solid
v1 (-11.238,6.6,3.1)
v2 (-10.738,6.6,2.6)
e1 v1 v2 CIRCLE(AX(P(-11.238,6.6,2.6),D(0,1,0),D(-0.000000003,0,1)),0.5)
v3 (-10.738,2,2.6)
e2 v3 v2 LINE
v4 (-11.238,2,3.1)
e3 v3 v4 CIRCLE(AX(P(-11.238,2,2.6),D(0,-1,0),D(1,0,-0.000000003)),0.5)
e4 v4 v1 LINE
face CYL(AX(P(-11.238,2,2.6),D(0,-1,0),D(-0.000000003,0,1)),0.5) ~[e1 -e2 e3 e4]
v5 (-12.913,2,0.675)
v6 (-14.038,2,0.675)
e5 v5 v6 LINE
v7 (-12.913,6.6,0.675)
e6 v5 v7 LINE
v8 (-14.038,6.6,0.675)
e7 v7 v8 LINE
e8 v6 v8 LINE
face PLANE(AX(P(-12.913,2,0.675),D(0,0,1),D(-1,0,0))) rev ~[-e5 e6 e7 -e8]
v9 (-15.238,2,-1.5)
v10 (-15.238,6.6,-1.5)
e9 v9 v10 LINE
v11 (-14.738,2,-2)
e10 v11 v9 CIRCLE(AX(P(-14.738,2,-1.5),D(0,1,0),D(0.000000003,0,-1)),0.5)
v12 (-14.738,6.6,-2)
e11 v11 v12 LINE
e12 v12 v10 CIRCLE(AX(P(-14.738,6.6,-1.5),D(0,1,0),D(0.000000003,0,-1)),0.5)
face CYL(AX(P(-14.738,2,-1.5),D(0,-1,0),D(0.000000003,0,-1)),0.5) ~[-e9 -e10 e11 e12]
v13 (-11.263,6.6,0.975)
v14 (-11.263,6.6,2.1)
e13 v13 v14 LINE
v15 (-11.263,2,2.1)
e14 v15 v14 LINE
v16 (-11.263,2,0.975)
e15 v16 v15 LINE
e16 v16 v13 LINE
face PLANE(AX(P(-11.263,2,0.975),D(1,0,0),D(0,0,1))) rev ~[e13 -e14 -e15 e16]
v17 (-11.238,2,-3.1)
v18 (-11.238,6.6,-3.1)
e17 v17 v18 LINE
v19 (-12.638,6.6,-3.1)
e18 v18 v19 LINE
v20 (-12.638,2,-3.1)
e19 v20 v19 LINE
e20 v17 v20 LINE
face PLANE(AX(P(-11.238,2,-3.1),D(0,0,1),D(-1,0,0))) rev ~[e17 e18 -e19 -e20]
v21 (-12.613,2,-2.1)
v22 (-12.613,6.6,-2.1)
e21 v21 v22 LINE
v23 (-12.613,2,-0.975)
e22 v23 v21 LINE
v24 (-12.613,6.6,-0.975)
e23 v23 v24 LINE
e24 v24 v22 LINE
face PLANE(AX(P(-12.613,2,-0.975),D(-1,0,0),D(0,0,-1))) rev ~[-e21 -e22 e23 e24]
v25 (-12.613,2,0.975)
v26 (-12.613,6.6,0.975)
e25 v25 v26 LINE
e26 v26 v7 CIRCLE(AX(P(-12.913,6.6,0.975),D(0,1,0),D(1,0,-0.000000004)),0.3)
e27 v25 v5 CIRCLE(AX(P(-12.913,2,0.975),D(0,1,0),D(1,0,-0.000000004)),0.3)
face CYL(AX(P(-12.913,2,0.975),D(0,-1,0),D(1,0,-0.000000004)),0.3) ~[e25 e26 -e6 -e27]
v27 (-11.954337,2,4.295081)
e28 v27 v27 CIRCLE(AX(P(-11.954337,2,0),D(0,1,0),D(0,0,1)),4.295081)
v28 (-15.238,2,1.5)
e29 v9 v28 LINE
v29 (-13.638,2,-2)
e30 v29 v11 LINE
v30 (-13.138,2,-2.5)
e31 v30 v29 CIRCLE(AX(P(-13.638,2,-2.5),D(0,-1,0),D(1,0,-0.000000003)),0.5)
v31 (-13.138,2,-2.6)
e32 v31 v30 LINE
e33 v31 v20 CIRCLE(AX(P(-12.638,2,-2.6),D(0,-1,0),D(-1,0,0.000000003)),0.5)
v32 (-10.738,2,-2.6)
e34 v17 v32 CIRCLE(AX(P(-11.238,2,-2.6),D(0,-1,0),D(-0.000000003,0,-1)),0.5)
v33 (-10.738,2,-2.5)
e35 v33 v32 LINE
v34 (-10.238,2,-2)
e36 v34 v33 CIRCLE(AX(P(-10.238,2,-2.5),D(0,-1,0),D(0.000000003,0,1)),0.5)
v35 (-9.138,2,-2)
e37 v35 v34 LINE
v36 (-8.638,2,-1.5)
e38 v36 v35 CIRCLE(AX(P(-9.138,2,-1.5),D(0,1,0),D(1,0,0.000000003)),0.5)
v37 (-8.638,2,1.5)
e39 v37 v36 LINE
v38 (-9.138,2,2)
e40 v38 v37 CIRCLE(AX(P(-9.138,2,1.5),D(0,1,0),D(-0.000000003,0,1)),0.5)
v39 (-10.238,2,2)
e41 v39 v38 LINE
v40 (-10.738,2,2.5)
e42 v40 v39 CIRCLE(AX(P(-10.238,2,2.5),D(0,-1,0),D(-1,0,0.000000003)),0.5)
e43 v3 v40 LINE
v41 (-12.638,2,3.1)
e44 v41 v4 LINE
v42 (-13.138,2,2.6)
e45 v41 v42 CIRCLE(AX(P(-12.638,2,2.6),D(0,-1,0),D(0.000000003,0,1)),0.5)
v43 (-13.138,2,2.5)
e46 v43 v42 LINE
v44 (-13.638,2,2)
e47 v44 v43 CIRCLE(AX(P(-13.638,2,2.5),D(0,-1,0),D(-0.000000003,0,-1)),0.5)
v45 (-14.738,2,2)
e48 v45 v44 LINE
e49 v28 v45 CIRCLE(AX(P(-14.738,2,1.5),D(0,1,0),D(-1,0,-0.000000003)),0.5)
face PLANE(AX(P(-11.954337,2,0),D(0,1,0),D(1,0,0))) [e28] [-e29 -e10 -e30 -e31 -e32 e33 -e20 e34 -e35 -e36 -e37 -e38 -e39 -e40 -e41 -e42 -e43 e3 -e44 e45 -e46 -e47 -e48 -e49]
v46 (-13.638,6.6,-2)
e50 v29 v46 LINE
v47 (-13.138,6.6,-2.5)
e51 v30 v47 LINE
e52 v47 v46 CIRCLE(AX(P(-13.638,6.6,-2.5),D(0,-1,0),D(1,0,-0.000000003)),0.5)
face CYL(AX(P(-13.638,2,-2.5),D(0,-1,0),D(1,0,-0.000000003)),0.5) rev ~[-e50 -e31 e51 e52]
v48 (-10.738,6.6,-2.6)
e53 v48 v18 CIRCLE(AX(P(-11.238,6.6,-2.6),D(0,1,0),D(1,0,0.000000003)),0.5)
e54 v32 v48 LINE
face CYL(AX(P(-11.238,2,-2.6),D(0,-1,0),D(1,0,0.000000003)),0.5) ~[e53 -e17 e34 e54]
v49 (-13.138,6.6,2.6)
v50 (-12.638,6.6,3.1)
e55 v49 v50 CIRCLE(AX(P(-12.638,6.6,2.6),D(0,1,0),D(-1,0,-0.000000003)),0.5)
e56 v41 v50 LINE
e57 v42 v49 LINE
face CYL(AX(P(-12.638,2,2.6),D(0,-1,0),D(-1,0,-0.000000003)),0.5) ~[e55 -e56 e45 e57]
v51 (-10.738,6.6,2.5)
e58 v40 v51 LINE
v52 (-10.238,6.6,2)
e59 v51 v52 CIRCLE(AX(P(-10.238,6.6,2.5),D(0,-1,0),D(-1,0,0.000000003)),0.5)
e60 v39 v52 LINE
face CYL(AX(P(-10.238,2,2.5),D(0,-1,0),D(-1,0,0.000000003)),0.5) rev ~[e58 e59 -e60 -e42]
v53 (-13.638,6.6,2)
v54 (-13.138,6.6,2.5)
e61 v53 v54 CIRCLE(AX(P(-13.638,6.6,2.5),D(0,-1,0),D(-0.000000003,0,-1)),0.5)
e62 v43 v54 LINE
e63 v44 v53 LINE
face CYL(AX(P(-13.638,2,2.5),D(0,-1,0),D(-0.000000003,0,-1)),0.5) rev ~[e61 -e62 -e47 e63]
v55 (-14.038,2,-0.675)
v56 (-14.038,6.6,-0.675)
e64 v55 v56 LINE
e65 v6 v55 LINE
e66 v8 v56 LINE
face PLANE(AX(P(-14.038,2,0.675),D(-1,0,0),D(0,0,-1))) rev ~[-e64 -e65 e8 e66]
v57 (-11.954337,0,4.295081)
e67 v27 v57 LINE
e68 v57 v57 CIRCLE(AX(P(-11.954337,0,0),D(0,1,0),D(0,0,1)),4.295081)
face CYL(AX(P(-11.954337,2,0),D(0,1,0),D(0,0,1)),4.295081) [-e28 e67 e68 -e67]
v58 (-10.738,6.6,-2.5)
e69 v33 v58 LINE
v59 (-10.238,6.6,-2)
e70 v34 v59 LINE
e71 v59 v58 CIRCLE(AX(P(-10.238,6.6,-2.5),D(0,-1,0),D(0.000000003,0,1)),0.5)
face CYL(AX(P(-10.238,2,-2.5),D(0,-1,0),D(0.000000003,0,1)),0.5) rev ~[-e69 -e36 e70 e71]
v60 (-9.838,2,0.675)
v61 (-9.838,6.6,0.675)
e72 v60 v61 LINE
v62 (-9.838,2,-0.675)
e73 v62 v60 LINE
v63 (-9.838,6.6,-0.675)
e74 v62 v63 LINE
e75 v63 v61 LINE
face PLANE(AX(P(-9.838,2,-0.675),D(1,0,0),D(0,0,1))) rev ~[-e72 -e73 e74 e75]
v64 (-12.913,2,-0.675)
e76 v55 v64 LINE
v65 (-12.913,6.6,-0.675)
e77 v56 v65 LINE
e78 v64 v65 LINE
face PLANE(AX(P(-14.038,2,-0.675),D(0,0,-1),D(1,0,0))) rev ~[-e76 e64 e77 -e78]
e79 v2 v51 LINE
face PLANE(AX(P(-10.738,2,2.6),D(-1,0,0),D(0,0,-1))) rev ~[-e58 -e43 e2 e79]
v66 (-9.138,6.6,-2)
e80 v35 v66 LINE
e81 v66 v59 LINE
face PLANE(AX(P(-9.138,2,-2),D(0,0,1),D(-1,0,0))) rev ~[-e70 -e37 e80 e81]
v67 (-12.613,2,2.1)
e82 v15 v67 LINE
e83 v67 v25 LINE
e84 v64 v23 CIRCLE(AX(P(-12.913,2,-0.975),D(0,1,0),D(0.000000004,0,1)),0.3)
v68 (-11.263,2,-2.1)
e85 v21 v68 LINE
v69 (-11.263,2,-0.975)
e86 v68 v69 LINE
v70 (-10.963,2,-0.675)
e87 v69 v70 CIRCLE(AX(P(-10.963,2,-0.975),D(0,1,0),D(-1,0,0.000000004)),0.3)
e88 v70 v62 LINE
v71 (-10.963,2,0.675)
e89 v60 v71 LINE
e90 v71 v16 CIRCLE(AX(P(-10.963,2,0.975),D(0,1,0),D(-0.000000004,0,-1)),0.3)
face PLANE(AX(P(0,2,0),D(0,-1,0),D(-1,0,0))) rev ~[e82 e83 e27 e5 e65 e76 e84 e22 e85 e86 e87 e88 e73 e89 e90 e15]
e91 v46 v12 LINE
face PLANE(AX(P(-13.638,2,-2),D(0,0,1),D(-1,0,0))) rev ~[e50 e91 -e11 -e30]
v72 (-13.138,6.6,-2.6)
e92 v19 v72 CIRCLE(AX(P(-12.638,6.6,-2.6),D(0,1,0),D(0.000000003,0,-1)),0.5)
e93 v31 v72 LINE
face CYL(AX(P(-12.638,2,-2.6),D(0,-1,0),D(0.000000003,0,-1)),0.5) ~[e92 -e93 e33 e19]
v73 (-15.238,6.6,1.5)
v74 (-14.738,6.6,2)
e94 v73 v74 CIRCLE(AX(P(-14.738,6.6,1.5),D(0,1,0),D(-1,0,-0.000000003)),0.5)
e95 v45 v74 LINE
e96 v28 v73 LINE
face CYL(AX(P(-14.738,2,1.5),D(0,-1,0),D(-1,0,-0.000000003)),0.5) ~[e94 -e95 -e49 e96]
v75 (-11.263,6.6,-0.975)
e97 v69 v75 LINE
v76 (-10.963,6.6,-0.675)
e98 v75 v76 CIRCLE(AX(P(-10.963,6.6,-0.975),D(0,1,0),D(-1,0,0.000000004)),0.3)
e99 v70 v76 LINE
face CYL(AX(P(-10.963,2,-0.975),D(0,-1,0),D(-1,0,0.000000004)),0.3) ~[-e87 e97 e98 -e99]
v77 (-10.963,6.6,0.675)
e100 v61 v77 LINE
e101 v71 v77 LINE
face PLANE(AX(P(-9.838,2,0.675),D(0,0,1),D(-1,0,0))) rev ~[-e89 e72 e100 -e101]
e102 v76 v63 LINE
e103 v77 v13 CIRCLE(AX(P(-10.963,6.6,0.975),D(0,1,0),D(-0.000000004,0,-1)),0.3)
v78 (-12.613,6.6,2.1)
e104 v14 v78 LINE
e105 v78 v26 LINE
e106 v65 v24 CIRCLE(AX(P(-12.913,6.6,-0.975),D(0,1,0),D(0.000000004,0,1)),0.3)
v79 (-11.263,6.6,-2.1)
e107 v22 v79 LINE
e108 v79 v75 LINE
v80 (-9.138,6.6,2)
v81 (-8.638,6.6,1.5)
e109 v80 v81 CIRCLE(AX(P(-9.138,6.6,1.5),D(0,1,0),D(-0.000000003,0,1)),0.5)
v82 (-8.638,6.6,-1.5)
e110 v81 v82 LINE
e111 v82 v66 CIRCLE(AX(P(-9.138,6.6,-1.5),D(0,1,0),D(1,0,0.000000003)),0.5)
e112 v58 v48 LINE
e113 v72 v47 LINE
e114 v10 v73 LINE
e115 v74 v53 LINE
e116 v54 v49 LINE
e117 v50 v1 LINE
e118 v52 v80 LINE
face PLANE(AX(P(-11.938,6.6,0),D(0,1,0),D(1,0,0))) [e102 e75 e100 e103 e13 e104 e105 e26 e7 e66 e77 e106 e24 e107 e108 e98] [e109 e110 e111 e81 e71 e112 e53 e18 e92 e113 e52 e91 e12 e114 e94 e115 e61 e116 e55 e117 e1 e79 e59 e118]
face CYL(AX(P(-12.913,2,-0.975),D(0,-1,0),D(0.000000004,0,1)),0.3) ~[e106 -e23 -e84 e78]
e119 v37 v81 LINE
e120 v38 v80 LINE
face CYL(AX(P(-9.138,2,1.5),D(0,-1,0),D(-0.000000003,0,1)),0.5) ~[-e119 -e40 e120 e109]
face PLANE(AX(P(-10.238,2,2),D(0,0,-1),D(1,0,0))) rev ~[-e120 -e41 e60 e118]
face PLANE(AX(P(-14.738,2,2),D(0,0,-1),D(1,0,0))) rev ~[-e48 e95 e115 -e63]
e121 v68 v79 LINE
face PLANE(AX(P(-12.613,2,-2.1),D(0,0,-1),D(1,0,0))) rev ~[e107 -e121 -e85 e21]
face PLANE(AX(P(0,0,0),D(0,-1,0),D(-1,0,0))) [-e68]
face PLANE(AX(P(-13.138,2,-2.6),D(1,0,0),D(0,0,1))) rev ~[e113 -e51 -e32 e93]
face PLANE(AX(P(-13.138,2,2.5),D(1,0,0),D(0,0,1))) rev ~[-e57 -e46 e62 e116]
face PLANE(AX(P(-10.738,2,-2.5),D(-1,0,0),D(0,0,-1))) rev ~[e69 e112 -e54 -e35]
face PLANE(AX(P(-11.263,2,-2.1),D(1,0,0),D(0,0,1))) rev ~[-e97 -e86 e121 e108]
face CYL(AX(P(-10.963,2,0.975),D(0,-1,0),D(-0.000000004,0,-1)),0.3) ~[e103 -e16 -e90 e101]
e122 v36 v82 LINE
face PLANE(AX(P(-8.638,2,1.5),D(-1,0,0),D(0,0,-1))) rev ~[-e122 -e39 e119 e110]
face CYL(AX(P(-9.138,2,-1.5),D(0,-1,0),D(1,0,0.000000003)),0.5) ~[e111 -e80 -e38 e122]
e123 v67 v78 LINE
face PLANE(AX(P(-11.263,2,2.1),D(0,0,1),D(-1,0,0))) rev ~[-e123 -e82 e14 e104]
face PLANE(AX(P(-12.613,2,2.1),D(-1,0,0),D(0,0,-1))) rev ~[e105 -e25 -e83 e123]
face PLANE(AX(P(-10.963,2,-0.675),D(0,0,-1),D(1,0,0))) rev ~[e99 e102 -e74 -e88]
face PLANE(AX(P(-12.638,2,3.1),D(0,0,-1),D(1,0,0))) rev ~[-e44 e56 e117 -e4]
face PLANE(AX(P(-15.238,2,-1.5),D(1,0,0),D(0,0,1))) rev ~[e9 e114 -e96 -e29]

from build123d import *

# Parameters (mm, degrees)
BUTTON_TOP_DEPTH        = 1.8
BUTTON_WALLS_DEPTH      = 4.8
OFFSET_2_DEPTH          = 0.2
STEM_START              = 0.2
STEM_HOUSING_DEPTH      = 4.6
SPOKES_DEPTH            = 0.2
CHAMFER1_SIZE           = 1.5
SKETCH11_R              = 47.776797093
SKETCH11_R_2            = 4.295081168
CUT_EXTRUDE1_DEPTH      = 10
CUT_EXTRUDE1_DEPTH_BACK = 10


with BuildPart() as part:
    # Sketch1 → button top (new body)
    with BuildSketch(Plane(origin=(0, 0, 0), x_dir=(1, 0, 0), z_dir=(0, 1, 0))):
        with BuildLine():
            Line((17, -12), (-17, -12))
            ThreePointArc((-17, -12), (-29, 0), (-17, 12))
            Line((-17, 12), (17, 12))
            ThreePointArc((17, 12), (29, 0), (17, -12))
        make_face()
    extrude(amount=BUTTON_TOP_DEPTH)

    # Sketch2 → button walls (add)
    with BuildSketch(Plane(origin=(0, 1.8, 0), x_dir=(1, 0, 0), z_dir=(0, 1, 0))):
        with BuildLine():
            Line((-17, 12), (17, 12))
            ThreePointArc((17, 12), (29, 0), (17, -12))
            Line((17, -12), (-17, -12))
            ThreePointArc((-17, -12), (-29, 0), (-17, 12))
        make_face()
        with BuildLine():
            Line((-17, 10.2), (17, 10.2))
            ThreePointArc((17, 10.2), (27.2, 0), (17, -10.2))
            Line((17, -10.2), (-17, -10.2))
            ThreePointArc((-17, -10.2), (-27.2, 0), (-17, 10.2))
        make_face(mode=Mode.SUBTRACT)
    extrude(amount=BUTTON_WALLS_DEPTH)

    # Sketch5 → offset 2 (add)
    with BuildSketch(Plane(origin=(0, 1.8, 0), x_dir=(1, 0, 0), z_dir=(0, 1, 0))):
        with BuildLine():
            Line((-12, 5), (12, 5))
            ThreePointArc((12, 5), (17, 0), (12, -5))
            Line((12, -5), (-12, -5))
            ThreePointArc((-12, -5), (-17, 0), (-12, 5))
        make_face()
    extrude(amount=OFFSET_2_DEPTH)

    # Sketch3 → stem housing (add)
    with BuildSketch(Plane(origin=(0, 1.8, 0), x_dir=(1, 0, 0), z_dir=(0, 1, 0)).offset(STEM_START)):
        with BuildLine():
            Line((-3.6, 2.6), (-3.6, -2.6))
            Line((-3.6, -2.6), (-1.496662955, -2.6))
            ThreePointArc((-1.496662955, -2.6), (0, -3), (1.496662955, -2.6))
            Line((1.496662955, -2.6), (3.6, -2.6))
            Line((3.6, -2.6), (3.6, 2.6))
            Line((3.6, 2.6), (1.496662955, 2.6))
            ThreePointArc((1.496662955, 2.6), (0, 3), (-1.496662955, 2.6))
            Line((-1.496662955, 2.6), (-3.6, 2.6))
        make_face()
        with BuildLine():
            Line((-0.675, 0.975), (-0.675, 2.1))
            Line((-0.675, 2.1), (0.675, 2.1))
            Line((0.675, 2.1), (0.675, 0.975))
            ThreePointArc((0.675, 0.975), (0.762867966, 0.762867966), (0.975, 0.675))
            Line((0.975, 0.675), (2.1, 0.675))
            Line((2.1, 0.675), (2.1, -0.675))
            Line((2.1, -0.675), (0.975, -0.675))
            ThreePointArc((0.975, -0.675), (0.762867966, -0.762867966), (0.675, -0.975))
            Line((0.675, -0.975), (0.675, -2.1))
            Line((0.675, -2.1), (-0.675, -2.1))
            Line((-0.675, -2.1), (-0.675, -0.975))
            ThreePointArc((-0.675, -0.975), (-0.762867966, -0.762867966), (-0.975, -0.675))
            Line((-0.975, -0.675), (-2.1, -0.675))
            Line((-2.1, -0.675), (-2.1, 0.675))
            Line((-2.1, 0.675), (-0.975, 0.675))
            ThreePointArc((-0.975, 0.675), (-0.762867966, 0.762867966), (-0.675, 0.975))
        make_face(mode=Mode.SUBTRACT)
        with BuildLine():
            ThreePointArc((14.738, -2), (15.091553391, -1.853553391), (15.238, -1.5))
            Line((15.238, -1.5), (15.238, 1.5))
            ThreePointArc((15.238, 1.5), (15.091553391, 1.853553391), (14.738, 2))
            Line((14.738, 2), (13.638, 2))
            ThreePointArc((13.638, 2), (13.284446609, 2.146446609), (13.138, 2.5))
            Line((13.138, 2.5), (13.138, 2.6))
            ThreePointArc((13.138, 2.6), (12.991553391, 2.953553391), (12.638, 3.1))
            Line((12.638, 3.1), (11.238, 3.1))
            ThreePointArc((11.238, 3.1), (10.884446609, 2.953553391), (10.738, 2.6))
            Line((10.738, 2.6), (10.738, 2.5))
            ThreePointArc((10.738, 2.5), (10.591553391, 2.146446609), (10.238, 2))
            Line((10.238, 2), (9.138, 2))
            ThreePointArc((9.138, 2), (8.784446609, 1.853553391), (8.638, 1.5))
            Line((8.638, 1.5), (8.638, -1.5))
            ThreePointArc((8.638, -1.5), (8.784446609, -1.853553391), (9.138, -2))
            Line((9.138, -2), (10.238, -2))
            ThreePointArc((10.238, -2), (10.591553391, -2.146446609), (10.738, -2.5))
            Line((10.738, -2.5), (10.738, -2.6))
            ThreePointArc((10.738, -2.6), (10.884446609, -2.953553391), (11.238, -3.1))
            Line((11.238, -3.1), (12.638, -3.1))
            ThreePointArc((12.638, -3.1), (12.991553391, -2.953553391), (13.138, -2.6))
            Line((13.138, -2.6), (13.138, -2.5))
            ThreePointArc((13.138, -2.5), (13.284446609, -2.146446609), (13.638, -2))
            Line((13.638, -2), (14.738, -2))
        make_face()
        with BuildLine():
            Line((14.038, 0.675), (14.038, -0.675))
            Line((14.038, -0.675), (12.913, -0.675))
            ThreePointArc((12.913, -0.675), (12.700867966, -0.762867966), (12.613, -0.975))
            Line((12.613, -0.975), (12.613, -2.1))
            Line((12.613, -2.1), (11.263, -2.1))
            Line((11.263, -2.1), (11.263, -0.975))
            ThreePointArc((11.263, -0.975), (11.175132034, -0.762867966), (10.963, -0.675))
            Line((10.963, -0.675), (9.838, -0.675))
            Line((9.838, -0.675), (9.838, 0.675))
            Line((9.838, 0.675), (10.963, 0.675))
            ThreePointArc((10.963, 0.675), (11.175132034, 0.762867966), (11.263, 0.975))
            Line((11.263, 0.975), (11.263, 2.1))
            Line((11.263, 2.1), (12.613, 2.1))
            Line((12.613, 2.1), (12.613, 0.975))
            ThreePointArc((12.613, 0.975), (12.700867966, 0.762867966), (12.913, 0.675))
            Line((12.913, 0.675), (14.038, 0.675))
        make_face(mode=Mode.SUBTRACT)
        with BuildLine():
            Line((-13.138, 2.6), (-13.138, 2.5))
            ThreePointArc((-13.138, 2.5), (-13.284446609, 2.146446609), (-13.638, 2))
            Line((-13.638, 2), (-14.738, 2))
            ThreePointArc((-14.738, 2), (-15.091553391, 1.853553391), (-15.238, 1.5))
            Line((-15.238, 1.5), (-15.238, -1.5))
            ThreePointArc((-15.238, -1.5), (-15.091553391, -1.853553391), (-14.738, -2))
            Line((-14.738, -2), (-13.638, -2))
            ThreePointArc((-13.638, -2), (-13.284446609, -2.146446609), (-13.138, -2.5))
            Line((-13.138, -2.5), (-13.138, -2.6))
            ThreePointArc((-13.138, -2.6), (-12.991553391, -2.953553391), (-12.638, -3.1))
            Line((-12.638, -3.1), (-11.238, -3.1))
            ThreePointArc((-11.238, -3.1), (-10.884446609, -2.953553391), (-10.738, -2.6))
            Line((-10.738, -2.6), (-10.738, -2.5))
            ThreePointArc((-10.738, -2.5), (-10.591553391, -2.146446609), (-10.238, -2))
            Line((-10.238, -2), (-9.138, -2))
            ThreePointArc((-9.138, -2), (-8.784446609, -1.853553391), (-8.638, -1.5))
            Line((-8.638, -1.5), (-8.638, 1.5))
            ThreePointArc((-8.638, 1.5), (-8.784446609, 1.853553391), (-9.138, 2))
            Line((-9.138, 2), (-10.238, 2))
            ThreePointArc((-10.238, 2), (-10.591553391, 2.146446609), (-10.738, 2.5))
            Line((-10.738, 2.5), (-10.738, 2.6))
            ThreePointArc((-10.738, 2.6), (-10.884446609, 2.953553391), (-11.238, 3.1))
            Line((-11.238, 3.1), (-12.638, 3.1))
            ThreePointArc((-12.638, 3.1), (-12.991553391, 2.953553391), (-13.138, 2.6))
        make_face()
        with BuildLine():
            ThreePointArc((-12.913, 0.675), (-12.700867966, 0.762867966), (-12.613, 0.975))
            Line((-12.613, 0.975), (-12.613, 2.1))
            Line((-12.613, 2.1), (-11.263, 2.1))
            Line((-11.263, 2.1), (-11.263, 0.975))
            ThreePointArc((-11.263, 0.975), (-11.175132034, 0.762867966), (-10.963, 0.675))
            Line((-10.963, 0.675), (-9.838, 0.675))
            Line((-9.838, 0.675), (-9.838, -0.675))
            Line((-9.838, -0.675), (-10.963, -0.675))
            ThreePointArc((-10.963, -0.675), (-11.175132034, -0.762867966), (-11.263, -0.975))
            Line((-11.263, -0.975), (-11.263, -2.1))
            Line((-11.263, -2.1), (-12.613, -2.1))
            Line((-12.613, -2.1), (-12.613, -0.975))
            ThreePointArc((-12.613, -0.975), (-12.700867966, -0.762867966), (-12.913, -0.675))
            Line((-12.913, -0.675), (-14.038, -0.675))
            Line((-14.038, -0.675), (-14.038, 0.675))
            Line((-14.038, 0.675), (-12.913, 0.675))
        make_face(mode=Mode.SUBTRACT)
    extrude(amount=STEM_HOUSING_DEPTH)

    # Sketch4 → spokes (add)
    with BuildSketch(Plane(origin=(0, 1.8, 0), x_dir=(1, 0, 0), z_dir=(0, 1, 0))):
        with BuildLine():
            Line((-0.8, 3), (-0.8, 10.2))
            ThreePointArc((-0.8, 10.2), (0, 11), (0.8, 10.2))
            Line((0.8, 10.2), (0.8, 3))
            ThreePointArc((0.8, 3), (0, 2.2), (-0.8, 3))
        make_face()
        with BuildLine():
            Line((17, -0.8), (27.2, -0.8))
            ThreePointArc((27.2, -0.8), (28, 0), (27.2, 0.8))
            Line((27.2, 0.8), (17, 0.8))
            ThreePointArc((17, 0.8), (16.2, 0), (17, -0.8))
        make_face()
        with BuildLine():
            Line((11.2, 3.1), (11.2, 10.2))
            ThreePointArc((11.2, 10.2), (12, 11), (12.8, 10.2))
            Line((12.8, 10.2), (12.8, 3.1))
            ThreePointArc((12.8, 3.1), (12, 2.3), (11.2, 3.1))
        make_face()
        with BuildLine():
            Line((-12.8, 3.1), (-12.8, 10.2))
            ThreePointArc((-12.8, 10.2), (-12, 11), (-11.2, 10.2))
            Line((-11.2, 10.2), (-11.2, 3.1))
            ThreePointArc((-11.2, 3.1), (-12, 2.3), (-12.8, 3.1))
        make_face()
        with BuildLine():
            Line((-17, -0.8), (-27.2, -0.8))
            ThreePointArc((-27.2, -0.8), (-28, 0), (-27.2, 0.8))
            Line((-27.2, 0.8), (-17, 0.8))
            ThreePointArc((-17, 0.8), (-16.2, 0), (-17, -0.8))
        make_face()
        with BuildLine():
            Line((-0.8, -3), (-0.8, -10.2))
            ThreePointArc((-0.8, -10.2), (0, -11), (0.8, -10.2))
            Line((0.8, -10.2), (0.8, -3))
            ThreePointArc((0.8, -3), (0, -2.2), (-0.8, -3))
        make_face()
        with BuildLine():
            Line((11.2, -3.1), (11.2, -10.2))
            ThreePointArc((11.2, -10.2), (12, -11), (12.8, -10.2))
            Line((12.8, -10.2), (12.8, -3.1))
            ThreePointArc((12.8, -3.1), (12, -2.3), (11.2, -3.1))
        make_face()
        with BuildLine():
            Line((-12.8, -3.1), (-12.8, -10.2))
            ThreePointArc((-12.8, -10.2), (-12, -11), (-11.2, -10.2))
            Line((-11.2, -10.2), (-11.2, -3.1))
            ThreePointArc((-11.2, -3.1), (-12, -2.3), (-12.8, -3.1))
        make_face()
    extrude(amount=SPOKES_DEPTH)

    # Chamfer1
    chamfer1_edges = [part.edges().sort_by_distance(p)[0] for p in [
        (-27.2, 6.6, 0),
        (0, 6.6, 10.2),
        (27.2, 6.6, 0),
        (0, 6.6, -10.2),
    ]]
    chamfer(chamfer1_edges, length=CHAMFER1_SIZE)

    # Cut-Sweep1: sweep along a path in Sketch10
    with BuildLine(Plane.XZ) as cut_sweep1_path:
        Line((-17, 12), (17, 12))
        ThreePointArc((17, 12), (29, 0), (17, -12))
        Line((17, -12), (-17, -12))
        ThreePointArc((-17, -12), (-29, 0), (-17, 12))
    # Sketch6 → Cut-Sweep1 (sweep, cut)
    with BuildSketch(Plane.XY):
        with BuildLine():
            Line((-28.261522369, 0), (-28.461522369, 0.2))
            ThreePointArc((-28.461522369, 0.2), (-28.860054223, 0.79644507), (-29, 1.5))
            Line((-29, 1.5), (-29, 0))
            Line((-29, 0), (-28.261522369, 0))
        make_face()
    sweep(path=cut_sweep1_path.line, mode=Mode.SUBTRACT)

    # Sketch11 → Cut-Extrude1 (cut, two sides)
    with BuildSketch(Plane(origin=(0, 2, 0), x_dir=(1, 0, 0), z_dir=(0, 1, 0))) as cut_extrude1_sk:
        with Locations((-11.954336916, 0)):
            Circle(SKETCH11_R)
        with Locations(Location((-11.954336916, 0, 0), (0, 0, 270))):
            Circle(SKETCH11_R_2, mode=Mode.SUBTRACT)
    extrude(amount=CUT_EXTRUDE1_DEPTH, mode=Mode.SUBTRACT)
    extrude(cut_extrude1_sk.sketch, amount=-CUT_EXTRUDE1_DEPTH_BACK, mode=Mode.SUBTRACT)


solid = part.part
